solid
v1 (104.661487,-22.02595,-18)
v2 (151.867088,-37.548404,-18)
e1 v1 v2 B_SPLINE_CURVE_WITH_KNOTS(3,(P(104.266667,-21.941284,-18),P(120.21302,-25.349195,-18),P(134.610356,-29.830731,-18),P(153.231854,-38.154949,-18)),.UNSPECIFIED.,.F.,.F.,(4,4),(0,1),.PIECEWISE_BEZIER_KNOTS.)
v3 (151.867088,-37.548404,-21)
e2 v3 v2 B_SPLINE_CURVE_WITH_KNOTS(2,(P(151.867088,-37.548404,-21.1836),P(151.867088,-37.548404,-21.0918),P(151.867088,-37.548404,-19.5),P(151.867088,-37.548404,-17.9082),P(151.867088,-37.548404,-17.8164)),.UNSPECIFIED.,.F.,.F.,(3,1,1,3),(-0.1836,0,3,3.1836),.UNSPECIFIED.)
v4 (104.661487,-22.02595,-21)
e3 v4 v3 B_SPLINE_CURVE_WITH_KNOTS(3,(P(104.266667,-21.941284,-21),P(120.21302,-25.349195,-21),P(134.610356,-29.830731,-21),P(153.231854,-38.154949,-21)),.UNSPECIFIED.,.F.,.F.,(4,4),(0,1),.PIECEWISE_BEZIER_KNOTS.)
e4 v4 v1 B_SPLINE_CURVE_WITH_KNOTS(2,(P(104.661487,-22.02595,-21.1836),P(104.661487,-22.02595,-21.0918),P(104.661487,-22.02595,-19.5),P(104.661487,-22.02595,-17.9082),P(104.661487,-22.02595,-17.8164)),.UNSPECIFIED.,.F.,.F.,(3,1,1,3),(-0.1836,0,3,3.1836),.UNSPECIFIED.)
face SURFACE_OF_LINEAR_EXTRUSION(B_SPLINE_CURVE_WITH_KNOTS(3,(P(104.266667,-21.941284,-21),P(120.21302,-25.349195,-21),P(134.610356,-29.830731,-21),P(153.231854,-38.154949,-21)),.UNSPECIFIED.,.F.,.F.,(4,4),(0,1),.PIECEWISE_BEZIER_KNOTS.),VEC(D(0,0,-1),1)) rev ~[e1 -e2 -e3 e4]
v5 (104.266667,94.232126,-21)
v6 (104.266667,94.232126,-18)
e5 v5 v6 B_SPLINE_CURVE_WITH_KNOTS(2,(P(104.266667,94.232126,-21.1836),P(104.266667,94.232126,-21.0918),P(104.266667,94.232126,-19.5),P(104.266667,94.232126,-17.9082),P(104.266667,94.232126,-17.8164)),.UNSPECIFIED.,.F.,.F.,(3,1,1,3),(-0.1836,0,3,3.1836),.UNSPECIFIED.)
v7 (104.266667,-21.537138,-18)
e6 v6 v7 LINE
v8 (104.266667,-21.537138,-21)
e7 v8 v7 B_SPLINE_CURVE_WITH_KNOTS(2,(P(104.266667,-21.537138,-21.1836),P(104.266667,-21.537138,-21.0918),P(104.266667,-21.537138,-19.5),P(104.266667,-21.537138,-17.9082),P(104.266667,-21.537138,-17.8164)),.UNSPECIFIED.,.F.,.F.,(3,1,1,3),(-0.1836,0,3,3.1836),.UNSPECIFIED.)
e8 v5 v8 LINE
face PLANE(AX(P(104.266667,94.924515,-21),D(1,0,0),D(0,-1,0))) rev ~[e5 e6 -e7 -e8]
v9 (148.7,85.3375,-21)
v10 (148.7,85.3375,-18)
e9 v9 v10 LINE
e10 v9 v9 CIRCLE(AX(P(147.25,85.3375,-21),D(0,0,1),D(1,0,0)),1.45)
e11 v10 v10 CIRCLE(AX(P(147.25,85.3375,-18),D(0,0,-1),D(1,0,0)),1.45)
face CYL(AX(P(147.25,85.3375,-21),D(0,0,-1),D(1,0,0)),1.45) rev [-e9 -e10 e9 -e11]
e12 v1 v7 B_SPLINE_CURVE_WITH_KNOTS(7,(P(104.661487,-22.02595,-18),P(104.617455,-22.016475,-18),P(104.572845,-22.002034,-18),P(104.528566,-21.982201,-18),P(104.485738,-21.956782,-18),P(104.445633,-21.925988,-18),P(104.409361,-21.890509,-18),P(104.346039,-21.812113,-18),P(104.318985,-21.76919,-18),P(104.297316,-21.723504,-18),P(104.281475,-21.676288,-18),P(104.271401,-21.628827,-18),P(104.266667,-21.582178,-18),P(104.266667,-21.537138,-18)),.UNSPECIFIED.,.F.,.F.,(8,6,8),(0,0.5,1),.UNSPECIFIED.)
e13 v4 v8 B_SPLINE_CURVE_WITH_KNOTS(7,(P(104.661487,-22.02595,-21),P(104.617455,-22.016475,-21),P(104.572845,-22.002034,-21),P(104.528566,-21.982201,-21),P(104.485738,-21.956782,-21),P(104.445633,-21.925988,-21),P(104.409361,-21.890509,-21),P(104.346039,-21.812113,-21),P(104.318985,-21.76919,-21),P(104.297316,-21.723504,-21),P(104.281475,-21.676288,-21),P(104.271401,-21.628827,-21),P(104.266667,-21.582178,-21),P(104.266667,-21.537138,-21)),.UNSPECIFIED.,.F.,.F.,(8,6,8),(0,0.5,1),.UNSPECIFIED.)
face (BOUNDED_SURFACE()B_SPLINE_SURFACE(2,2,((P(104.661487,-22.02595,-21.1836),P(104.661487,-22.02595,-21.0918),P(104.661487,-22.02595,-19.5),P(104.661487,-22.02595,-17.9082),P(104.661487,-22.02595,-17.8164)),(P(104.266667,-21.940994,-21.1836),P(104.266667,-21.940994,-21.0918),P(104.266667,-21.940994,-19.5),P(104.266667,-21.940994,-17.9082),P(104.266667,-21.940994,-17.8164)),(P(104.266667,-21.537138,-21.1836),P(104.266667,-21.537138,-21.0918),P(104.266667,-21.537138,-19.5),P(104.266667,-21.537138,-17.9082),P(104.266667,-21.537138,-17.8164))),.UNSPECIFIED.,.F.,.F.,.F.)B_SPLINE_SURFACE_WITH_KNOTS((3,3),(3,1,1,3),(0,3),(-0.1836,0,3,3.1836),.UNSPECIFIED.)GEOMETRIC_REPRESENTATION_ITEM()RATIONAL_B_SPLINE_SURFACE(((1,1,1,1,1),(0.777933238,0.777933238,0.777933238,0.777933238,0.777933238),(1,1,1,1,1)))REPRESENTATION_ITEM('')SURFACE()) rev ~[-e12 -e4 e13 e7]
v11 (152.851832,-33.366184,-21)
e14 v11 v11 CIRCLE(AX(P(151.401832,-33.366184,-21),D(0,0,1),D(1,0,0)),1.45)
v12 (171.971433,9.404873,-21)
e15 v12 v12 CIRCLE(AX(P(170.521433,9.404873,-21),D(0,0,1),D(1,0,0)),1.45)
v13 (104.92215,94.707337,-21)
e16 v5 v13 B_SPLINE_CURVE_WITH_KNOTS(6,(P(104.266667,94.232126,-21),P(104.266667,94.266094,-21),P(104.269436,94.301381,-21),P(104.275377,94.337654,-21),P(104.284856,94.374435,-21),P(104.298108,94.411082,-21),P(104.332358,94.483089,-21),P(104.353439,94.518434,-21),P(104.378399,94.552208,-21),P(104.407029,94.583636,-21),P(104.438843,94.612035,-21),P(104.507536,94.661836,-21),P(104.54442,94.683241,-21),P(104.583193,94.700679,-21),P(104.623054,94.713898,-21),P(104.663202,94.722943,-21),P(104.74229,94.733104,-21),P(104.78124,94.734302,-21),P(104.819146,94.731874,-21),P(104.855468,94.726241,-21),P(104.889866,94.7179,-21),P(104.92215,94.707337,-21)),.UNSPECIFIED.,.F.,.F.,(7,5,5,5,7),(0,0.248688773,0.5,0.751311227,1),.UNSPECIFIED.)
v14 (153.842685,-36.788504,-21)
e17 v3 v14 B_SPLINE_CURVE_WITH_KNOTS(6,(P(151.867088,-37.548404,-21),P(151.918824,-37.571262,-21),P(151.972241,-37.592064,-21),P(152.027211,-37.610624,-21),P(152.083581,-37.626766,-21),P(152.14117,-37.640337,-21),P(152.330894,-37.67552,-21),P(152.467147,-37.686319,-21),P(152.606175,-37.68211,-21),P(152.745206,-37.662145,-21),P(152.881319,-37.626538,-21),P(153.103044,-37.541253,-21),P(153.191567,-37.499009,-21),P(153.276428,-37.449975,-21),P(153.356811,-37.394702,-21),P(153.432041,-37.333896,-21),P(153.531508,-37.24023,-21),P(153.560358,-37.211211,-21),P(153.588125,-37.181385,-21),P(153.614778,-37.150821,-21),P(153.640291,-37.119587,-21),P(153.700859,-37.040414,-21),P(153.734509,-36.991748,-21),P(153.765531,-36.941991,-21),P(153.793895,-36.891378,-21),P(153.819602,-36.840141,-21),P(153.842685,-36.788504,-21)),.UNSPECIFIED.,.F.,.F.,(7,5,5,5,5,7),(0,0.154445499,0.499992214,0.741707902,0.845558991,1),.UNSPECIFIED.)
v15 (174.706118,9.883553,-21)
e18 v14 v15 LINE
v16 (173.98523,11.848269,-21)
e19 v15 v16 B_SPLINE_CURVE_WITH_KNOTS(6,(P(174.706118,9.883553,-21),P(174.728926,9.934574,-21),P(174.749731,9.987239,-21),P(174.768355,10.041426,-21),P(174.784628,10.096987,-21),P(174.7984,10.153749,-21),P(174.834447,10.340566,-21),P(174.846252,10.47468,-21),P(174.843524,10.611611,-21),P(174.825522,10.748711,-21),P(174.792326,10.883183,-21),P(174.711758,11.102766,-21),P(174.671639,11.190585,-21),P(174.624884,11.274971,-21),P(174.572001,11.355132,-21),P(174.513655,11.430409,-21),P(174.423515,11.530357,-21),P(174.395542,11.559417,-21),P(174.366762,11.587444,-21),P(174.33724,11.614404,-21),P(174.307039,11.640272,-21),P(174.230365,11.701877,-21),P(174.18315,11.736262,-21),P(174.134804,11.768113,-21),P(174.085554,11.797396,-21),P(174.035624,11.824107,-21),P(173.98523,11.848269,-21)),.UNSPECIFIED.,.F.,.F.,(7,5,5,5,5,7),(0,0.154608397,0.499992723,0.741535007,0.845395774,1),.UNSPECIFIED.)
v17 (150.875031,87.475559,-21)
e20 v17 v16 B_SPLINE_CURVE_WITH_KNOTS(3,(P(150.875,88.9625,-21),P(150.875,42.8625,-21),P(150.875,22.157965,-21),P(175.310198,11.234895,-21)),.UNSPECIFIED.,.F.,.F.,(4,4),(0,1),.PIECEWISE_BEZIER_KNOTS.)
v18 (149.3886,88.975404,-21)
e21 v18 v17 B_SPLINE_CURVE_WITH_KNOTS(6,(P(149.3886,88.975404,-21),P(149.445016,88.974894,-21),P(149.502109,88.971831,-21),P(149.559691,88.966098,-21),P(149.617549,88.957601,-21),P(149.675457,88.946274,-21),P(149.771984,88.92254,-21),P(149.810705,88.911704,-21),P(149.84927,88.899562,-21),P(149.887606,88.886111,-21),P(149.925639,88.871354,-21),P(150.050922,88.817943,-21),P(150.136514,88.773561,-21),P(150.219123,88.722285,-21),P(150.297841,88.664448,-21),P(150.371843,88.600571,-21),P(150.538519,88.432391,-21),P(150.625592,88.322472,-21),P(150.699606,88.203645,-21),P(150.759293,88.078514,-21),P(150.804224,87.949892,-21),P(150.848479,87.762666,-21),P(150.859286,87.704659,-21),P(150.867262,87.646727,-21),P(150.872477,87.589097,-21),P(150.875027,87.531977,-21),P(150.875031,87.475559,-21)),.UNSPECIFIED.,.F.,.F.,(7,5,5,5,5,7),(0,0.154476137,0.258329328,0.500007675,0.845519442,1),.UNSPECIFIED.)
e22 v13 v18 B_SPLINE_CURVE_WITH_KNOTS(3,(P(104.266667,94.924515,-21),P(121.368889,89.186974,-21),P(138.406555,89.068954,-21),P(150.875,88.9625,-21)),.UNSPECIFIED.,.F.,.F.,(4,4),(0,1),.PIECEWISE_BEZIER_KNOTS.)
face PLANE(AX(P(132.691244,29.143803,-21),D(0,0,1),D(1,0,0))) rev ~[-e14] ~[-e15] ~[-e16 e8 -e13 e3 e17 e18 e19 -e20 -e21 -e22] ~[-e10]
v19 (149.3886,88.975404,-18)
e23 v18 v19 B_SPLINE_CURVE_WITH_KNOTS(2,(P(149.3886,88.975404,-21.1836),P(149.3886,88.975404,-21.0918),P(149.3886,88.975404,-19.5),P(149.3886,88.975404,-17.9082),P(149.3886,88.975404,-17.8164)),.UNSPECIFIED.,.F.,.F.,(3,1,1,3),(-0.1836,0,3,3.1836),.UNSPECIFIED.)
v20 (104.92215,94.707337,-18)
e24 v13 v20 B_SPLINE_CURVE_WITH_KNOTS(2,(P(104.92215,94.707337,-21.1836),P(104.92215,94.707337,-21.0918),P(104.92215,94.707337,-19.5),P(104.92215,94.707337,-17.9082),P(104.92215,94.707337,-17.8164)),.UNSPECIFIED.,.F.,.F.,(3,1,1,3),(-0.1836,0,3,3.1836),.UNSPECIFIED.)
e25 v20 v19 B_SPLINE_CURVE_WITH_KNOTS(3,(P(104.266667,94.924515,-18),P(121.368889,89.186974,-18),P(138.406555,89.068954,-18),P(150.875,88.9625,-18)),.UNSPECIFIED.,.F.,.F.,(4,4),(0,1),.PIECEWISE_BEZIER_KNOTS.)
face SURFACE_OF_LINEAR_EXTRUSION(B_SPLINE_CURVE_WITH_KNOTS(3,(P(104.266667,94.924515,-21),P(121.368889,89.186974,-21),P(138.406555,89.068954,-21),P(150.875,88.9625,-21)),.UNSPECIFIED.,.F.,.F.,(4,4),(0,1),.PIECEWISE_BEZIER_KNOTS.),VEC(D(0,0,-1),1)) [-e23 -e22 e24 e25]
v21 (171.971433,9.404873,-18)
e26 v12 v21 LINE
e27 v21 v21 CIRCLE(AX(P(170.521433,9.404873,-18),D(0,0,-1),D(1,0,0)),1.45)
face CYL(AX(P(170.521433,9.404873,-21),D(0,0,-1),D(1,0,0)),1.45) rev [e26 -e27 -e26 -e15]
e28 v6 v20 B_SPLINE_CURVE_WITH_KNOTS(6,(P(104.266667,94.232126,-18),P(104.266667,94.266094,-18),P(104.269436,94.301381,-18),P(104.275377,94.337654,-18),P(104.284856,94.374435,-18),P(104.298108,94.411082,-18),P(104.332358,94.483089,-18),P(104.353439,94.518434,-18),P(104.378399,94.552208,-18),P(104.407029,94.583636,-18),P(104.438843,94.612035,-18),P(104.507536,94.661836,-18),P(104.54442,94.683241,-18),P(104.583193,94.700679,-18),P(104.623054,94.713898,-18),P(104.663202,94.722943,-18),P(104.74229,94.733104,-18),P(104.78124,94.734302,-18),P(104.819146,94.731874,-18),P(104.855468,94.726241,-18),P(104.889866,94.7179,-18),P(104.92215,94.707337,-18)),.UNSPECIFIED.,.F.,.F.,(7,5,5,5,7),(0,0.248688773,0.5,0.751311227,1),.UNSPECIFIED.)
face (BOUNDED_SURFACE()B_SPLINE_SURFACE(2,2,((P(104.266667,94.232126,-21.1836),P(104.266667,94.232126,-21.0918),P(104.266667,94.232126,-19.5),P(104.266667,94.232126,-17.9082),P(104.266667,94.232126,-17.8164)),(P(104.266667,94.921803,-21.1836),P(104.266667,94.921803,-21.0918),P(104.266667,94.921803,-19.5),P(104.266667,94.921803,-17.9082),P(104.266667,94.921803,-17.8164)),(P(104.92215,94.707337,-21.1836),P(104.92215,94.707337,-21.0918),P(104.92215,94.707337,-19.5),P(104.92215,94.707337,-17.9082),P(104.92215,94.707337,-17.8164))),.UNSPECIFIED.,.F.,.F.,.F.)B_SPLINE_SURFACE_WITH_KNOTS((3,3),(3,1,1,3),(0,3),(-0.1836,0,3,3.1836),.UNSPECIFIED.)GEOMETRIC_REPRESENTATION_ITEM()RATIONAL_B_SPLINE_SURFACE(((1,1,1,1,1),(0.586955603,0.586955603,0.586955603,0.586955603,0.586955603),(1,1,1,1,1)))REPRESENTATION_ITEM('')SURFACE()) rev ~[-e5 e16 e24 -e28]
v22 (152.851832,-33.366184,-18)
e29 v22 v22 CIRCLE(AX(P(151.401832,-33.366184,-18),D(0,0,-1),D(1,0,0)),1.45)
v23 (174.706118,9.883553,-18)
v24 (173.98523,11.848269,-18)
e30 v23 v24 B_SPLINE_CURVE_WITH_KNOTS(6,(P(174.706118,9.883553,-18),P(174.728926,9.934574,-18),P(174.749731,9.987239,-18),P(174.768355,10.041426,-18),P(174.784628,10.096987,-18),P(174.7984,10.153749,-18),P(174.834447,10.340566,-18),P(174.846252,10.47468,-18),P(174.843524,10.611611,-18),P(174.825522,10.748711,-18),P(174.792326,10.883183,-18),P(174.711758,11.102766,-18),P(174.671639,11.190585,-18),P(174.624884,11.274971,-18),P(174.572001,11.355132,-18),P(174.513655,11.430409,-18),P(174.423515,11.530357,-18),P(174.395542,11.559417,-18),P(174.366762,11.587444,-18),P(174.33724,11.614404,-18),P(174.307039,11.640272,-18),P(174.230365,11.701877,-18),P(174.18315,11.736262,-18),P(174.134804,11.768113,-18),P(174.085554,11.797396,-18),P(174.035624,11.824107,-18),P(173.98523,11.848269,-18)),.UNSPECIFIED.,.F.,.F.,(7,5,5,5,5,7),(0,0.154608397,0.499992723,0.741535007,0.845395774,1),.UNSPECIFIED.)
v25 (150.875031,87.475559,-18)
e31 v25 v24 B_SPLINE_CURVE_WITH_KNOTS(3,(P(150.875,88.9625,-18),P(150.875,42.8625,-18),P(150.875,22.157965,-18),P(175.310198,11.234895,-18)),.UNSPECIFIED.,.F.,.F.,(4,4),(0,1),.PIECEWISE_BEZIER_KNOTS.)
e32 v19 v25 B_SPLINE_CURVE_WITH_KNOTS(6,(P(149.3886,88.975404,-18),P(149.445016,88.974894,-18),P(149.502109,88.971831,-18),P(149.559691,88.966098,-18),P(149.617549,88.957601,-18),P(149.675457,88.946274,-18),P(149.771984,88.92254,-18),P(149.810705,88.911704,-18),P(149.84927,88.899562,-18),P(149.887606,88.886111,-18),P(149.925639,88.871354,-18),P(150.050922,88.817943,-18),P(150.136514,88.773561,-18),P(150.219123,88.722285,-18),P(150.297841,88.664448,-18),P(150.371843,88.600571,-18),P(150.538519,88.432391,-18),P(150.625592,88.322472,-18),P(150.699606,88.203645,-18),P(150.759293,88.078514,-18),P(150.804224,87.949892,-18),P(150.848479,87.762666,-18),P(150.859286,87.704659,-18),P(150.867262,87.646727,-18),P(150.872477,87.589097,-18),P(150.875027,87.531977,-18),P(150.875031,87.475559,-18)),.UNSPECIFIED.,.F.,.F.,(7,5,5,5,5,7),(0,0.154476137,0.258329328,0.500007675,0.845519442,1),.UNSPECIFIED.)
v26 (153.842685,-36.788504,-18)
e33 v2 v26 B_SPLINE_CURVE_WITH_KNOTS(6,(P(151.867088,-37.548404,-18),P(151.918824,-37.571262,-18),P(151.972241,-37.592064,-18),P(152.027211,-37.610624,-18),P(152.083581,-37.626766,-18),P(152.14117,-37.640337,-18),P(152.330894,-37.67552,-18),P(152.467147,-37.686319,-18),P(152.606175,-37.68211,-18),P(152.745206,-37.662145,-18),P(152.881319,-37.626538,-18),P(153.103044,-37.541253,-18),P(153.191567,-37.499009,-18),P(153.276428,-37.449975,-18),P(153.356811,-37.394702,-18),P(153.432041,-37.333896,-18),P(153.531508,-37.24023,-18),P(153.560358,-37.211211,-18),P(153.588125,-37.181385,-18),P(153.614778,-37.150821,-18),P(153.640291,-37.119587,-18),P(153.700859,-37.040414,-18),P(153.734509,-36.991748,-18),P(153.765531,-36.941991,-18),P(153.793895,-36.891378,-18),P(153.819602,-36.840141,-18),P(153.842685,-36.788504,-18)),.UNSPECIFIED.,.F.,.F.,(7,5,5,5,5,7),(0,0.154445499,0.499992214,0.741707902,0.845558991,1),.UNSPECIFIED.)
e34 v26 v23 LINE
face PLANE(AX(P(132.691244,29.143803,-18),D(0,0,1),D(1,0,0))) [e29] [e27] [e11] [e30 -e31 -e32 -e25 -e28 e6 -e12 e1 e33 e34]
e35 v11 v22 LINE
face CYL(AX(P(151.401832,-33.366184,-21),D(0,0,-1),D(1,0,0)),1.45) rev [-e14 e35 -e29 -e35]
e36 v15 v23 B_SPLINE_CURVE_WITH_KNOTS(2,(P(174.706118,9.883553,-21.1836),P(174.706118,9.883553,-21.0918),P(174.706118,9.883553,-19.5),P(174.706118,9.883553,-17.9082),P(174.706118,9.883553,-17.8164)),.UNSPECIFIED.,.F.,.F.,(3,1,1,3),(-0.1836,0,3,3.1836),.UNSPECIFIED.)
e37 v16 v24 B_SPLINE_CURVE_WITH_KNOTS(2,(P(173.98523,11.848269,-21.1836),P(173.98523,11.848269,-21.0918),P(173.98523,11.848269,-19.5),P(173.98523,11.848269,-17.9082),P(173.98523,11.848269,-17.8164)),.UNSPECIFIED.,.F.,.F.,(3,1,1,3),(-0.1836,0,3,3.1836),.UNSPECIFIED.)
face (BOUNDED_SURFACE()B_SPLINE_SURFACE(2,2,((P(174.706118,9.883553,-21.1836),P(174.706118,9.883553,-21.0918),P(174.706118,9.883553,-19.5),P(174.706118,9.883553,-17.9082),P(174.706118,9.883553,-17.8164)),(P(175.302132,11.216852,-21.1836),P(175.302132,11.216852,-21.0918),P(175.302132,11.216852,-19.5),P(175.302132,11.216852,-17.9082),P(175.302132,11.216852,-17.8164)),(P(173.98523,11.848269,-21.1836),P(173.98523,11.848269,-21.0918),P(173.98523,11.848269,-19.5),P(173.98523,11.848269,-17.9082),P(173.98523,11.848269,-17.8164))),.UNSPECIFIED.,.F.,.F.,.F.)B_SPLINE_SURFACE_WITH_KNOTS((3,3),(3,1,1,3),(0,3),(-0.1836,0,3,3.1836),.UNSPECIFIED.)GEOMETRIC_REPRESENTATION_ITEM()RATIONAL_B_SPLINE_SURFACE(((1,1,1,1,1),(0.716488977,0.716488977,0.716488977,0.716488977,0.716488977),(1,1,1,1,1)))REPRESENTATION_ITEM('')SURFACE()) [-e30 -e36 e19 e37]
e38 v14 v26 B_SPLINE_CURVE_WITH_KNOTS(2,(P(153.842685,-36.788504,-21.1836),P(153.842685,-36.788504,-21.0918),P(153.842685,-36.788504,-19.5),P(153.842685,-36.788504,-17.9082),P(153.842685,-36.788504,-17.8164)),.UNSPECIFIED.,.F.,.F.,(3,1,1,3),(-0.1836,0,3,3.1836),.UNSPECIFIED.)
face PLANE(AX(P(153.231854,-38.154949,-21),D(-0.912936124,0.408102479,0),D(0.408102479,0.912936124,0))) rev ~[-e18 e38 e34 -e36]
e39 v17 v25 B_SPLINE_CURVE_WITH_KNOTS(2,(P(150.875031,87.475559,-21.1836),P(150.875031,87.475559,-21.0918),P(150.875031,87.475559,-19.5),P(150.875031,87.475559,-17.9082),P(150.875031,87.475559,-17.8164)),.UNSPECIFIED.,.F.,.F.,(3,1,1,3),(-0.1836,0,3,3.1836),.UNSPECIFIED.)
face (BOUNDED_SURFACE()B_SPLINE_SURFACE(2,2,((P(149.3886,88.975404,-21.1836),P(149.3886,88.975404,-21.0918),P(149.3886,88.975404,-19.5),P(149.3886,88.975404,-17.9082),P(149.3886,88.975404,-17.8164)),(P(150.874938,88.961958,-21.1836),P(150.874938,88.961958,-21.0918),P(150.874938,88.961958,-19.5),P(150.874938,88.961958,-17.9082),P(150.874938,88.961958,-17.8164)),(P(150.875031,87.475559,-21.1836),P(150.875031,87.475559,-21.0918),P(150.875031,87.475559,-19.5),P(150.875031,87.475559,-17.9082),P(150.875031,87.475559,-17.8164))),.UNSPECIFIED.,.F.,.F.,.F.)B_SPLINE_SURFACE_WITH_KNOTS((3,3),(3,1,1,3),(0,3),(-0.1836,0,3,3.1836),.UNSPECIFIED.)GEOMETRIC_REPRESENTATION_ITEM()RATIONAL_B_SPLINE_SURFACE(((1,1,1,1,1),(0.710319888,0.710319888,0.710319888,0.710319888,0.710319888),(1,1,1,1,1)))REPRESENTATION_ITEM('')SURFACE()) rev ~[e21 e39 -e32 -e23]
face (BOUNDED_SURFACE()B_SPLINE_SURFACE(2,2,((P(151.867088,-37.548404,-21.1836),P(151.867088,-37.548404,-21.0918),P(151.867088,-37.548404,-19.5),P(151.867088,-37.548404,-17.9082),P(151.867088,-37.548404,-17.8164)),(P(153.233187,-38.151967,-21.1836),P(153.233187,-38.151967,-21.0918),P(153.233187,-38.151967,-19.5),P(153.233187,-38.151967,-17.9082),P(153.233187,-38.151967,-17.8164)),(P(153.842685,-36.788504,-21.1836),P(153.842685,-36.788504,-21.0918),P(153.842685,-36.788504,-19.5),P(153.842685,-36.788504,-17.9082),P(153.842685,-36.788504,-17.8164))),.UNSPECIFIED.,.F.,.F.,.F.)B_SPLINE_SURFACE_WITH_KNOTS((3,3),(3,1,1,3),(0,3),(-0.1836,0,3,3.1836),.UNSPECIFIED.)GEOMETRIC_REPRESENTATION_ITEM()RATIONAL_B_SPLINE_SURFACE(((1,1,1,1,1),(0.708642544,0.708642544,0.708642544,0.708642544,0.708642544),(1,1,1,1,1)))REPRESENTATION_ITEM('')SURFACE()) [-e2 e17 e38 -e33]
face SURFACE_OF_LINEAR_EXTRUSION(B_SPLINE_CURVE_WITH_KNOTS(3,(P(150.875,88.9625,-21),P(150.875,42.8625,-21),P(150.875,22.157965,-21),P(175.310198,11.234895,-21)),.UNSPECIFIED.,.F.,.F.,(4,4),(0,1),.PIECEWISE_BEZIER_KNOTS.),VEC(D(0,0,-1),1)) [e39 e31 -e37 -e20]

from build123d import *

# Parameters (mm, degrees)
PAD011_DEPTH    = 3
SKETCH046_R     = 1.45
POCKET014_DEPTH = 27
FILLET009_R     = 1.5
FILLET017_R     = 0.5


with BuildPart() as part:
    # Sketch035 → Pad011 (new body)
    with BuildSketch(Plane.XY):
        with BuildLine():
            add(Edge.make_bspline(
                [(104.266667, -21.941284), (120.21302, -25.349195), (134.610356, -29.830731), (153.231854, -38.154949)],
                knots=[0, 0, 0, 0, 1, 1, 1, 1], degree=3))
            Line((153.231854, -38.154949), (175.310198, 11.234895))
            add(Edge.make_bspline(
                [(150.875, 88.9625), (150.875, 42.8625), (150.875, 22.157965), (175.310198, 11.234895)],
                knots=[0, 0, 0, 0, 1, 1, 1, 1], degree=3))
            add(Edge.make_bspline(
                [(104.266667, 94.924515), (121.368889, 89.186974), (138.406555, 89.068954), (150.875, 88.9625)],
                knots=[0, 0, 0, 0, 1, 1, 1, 1], degree=3))
            Line((104.266667, 94.924515), (104.266667, -21.941284))
        make_face()
    extrude(amount=PAD011_DEPTH)

    # Sketch046 → Pocket014 (cut)
    with BuildSketch(Plane.XY):
        with Locations((-4.375, -4.375)):
            Circle(SKETCH046_R)
        with Locations((-4.375, 80.575)):
            Circle(SKETCH046_R)
        with Locations((151.401832, -33.366184)):
            Circle(SKETCH046_R)
        with Locations((170.521433, 9.404873)):
            Circle(SKETCH046_R)
        with Locations((147.25, 85.3375)):
            Circle(SKETCH046_R)
        with Locations((43.25, -13.9)):
            Circle(SKETCH046_R)
        with Locations((57.15, 92.085)):
            Circle(SKETCH046_R)
        with Locations((95.25, 92.085)):
            Circle(SKETCH046_R)
        with Locations((95.25, -13.9)):
            Circle(SKETCH046_R)
    extrude(amount=POCKET014_DEPTH, mode=Mode.SUBTRACT)

    # Fillet009
    fillet009_edges = [part.edges().sort_by_distance(p)[0] for p in [
        (153.231854, -38.154949, 1.5),
        (175.310198, 11.234895, 1.5),
        (150.875, 88.9625, 1.5),
    ]]
    fillet(fillet009_edges, radius=FILLET009_R)

    # Fillet017
    fillet017_edges = [part.edges().sort_by_distance(p)[0] for p in [
        (104.266667, 94.924515, 1.5),
        (104.266667, -21.941284, 1.5),
    ]]
    fillet(fillet017_edges, radius=FILLET017_R)


with BuildPart() as part_1:
    # Body010 placement: moved
    add(part.part.moved(Location((0, 0, -21))))


solid = part_1.part
